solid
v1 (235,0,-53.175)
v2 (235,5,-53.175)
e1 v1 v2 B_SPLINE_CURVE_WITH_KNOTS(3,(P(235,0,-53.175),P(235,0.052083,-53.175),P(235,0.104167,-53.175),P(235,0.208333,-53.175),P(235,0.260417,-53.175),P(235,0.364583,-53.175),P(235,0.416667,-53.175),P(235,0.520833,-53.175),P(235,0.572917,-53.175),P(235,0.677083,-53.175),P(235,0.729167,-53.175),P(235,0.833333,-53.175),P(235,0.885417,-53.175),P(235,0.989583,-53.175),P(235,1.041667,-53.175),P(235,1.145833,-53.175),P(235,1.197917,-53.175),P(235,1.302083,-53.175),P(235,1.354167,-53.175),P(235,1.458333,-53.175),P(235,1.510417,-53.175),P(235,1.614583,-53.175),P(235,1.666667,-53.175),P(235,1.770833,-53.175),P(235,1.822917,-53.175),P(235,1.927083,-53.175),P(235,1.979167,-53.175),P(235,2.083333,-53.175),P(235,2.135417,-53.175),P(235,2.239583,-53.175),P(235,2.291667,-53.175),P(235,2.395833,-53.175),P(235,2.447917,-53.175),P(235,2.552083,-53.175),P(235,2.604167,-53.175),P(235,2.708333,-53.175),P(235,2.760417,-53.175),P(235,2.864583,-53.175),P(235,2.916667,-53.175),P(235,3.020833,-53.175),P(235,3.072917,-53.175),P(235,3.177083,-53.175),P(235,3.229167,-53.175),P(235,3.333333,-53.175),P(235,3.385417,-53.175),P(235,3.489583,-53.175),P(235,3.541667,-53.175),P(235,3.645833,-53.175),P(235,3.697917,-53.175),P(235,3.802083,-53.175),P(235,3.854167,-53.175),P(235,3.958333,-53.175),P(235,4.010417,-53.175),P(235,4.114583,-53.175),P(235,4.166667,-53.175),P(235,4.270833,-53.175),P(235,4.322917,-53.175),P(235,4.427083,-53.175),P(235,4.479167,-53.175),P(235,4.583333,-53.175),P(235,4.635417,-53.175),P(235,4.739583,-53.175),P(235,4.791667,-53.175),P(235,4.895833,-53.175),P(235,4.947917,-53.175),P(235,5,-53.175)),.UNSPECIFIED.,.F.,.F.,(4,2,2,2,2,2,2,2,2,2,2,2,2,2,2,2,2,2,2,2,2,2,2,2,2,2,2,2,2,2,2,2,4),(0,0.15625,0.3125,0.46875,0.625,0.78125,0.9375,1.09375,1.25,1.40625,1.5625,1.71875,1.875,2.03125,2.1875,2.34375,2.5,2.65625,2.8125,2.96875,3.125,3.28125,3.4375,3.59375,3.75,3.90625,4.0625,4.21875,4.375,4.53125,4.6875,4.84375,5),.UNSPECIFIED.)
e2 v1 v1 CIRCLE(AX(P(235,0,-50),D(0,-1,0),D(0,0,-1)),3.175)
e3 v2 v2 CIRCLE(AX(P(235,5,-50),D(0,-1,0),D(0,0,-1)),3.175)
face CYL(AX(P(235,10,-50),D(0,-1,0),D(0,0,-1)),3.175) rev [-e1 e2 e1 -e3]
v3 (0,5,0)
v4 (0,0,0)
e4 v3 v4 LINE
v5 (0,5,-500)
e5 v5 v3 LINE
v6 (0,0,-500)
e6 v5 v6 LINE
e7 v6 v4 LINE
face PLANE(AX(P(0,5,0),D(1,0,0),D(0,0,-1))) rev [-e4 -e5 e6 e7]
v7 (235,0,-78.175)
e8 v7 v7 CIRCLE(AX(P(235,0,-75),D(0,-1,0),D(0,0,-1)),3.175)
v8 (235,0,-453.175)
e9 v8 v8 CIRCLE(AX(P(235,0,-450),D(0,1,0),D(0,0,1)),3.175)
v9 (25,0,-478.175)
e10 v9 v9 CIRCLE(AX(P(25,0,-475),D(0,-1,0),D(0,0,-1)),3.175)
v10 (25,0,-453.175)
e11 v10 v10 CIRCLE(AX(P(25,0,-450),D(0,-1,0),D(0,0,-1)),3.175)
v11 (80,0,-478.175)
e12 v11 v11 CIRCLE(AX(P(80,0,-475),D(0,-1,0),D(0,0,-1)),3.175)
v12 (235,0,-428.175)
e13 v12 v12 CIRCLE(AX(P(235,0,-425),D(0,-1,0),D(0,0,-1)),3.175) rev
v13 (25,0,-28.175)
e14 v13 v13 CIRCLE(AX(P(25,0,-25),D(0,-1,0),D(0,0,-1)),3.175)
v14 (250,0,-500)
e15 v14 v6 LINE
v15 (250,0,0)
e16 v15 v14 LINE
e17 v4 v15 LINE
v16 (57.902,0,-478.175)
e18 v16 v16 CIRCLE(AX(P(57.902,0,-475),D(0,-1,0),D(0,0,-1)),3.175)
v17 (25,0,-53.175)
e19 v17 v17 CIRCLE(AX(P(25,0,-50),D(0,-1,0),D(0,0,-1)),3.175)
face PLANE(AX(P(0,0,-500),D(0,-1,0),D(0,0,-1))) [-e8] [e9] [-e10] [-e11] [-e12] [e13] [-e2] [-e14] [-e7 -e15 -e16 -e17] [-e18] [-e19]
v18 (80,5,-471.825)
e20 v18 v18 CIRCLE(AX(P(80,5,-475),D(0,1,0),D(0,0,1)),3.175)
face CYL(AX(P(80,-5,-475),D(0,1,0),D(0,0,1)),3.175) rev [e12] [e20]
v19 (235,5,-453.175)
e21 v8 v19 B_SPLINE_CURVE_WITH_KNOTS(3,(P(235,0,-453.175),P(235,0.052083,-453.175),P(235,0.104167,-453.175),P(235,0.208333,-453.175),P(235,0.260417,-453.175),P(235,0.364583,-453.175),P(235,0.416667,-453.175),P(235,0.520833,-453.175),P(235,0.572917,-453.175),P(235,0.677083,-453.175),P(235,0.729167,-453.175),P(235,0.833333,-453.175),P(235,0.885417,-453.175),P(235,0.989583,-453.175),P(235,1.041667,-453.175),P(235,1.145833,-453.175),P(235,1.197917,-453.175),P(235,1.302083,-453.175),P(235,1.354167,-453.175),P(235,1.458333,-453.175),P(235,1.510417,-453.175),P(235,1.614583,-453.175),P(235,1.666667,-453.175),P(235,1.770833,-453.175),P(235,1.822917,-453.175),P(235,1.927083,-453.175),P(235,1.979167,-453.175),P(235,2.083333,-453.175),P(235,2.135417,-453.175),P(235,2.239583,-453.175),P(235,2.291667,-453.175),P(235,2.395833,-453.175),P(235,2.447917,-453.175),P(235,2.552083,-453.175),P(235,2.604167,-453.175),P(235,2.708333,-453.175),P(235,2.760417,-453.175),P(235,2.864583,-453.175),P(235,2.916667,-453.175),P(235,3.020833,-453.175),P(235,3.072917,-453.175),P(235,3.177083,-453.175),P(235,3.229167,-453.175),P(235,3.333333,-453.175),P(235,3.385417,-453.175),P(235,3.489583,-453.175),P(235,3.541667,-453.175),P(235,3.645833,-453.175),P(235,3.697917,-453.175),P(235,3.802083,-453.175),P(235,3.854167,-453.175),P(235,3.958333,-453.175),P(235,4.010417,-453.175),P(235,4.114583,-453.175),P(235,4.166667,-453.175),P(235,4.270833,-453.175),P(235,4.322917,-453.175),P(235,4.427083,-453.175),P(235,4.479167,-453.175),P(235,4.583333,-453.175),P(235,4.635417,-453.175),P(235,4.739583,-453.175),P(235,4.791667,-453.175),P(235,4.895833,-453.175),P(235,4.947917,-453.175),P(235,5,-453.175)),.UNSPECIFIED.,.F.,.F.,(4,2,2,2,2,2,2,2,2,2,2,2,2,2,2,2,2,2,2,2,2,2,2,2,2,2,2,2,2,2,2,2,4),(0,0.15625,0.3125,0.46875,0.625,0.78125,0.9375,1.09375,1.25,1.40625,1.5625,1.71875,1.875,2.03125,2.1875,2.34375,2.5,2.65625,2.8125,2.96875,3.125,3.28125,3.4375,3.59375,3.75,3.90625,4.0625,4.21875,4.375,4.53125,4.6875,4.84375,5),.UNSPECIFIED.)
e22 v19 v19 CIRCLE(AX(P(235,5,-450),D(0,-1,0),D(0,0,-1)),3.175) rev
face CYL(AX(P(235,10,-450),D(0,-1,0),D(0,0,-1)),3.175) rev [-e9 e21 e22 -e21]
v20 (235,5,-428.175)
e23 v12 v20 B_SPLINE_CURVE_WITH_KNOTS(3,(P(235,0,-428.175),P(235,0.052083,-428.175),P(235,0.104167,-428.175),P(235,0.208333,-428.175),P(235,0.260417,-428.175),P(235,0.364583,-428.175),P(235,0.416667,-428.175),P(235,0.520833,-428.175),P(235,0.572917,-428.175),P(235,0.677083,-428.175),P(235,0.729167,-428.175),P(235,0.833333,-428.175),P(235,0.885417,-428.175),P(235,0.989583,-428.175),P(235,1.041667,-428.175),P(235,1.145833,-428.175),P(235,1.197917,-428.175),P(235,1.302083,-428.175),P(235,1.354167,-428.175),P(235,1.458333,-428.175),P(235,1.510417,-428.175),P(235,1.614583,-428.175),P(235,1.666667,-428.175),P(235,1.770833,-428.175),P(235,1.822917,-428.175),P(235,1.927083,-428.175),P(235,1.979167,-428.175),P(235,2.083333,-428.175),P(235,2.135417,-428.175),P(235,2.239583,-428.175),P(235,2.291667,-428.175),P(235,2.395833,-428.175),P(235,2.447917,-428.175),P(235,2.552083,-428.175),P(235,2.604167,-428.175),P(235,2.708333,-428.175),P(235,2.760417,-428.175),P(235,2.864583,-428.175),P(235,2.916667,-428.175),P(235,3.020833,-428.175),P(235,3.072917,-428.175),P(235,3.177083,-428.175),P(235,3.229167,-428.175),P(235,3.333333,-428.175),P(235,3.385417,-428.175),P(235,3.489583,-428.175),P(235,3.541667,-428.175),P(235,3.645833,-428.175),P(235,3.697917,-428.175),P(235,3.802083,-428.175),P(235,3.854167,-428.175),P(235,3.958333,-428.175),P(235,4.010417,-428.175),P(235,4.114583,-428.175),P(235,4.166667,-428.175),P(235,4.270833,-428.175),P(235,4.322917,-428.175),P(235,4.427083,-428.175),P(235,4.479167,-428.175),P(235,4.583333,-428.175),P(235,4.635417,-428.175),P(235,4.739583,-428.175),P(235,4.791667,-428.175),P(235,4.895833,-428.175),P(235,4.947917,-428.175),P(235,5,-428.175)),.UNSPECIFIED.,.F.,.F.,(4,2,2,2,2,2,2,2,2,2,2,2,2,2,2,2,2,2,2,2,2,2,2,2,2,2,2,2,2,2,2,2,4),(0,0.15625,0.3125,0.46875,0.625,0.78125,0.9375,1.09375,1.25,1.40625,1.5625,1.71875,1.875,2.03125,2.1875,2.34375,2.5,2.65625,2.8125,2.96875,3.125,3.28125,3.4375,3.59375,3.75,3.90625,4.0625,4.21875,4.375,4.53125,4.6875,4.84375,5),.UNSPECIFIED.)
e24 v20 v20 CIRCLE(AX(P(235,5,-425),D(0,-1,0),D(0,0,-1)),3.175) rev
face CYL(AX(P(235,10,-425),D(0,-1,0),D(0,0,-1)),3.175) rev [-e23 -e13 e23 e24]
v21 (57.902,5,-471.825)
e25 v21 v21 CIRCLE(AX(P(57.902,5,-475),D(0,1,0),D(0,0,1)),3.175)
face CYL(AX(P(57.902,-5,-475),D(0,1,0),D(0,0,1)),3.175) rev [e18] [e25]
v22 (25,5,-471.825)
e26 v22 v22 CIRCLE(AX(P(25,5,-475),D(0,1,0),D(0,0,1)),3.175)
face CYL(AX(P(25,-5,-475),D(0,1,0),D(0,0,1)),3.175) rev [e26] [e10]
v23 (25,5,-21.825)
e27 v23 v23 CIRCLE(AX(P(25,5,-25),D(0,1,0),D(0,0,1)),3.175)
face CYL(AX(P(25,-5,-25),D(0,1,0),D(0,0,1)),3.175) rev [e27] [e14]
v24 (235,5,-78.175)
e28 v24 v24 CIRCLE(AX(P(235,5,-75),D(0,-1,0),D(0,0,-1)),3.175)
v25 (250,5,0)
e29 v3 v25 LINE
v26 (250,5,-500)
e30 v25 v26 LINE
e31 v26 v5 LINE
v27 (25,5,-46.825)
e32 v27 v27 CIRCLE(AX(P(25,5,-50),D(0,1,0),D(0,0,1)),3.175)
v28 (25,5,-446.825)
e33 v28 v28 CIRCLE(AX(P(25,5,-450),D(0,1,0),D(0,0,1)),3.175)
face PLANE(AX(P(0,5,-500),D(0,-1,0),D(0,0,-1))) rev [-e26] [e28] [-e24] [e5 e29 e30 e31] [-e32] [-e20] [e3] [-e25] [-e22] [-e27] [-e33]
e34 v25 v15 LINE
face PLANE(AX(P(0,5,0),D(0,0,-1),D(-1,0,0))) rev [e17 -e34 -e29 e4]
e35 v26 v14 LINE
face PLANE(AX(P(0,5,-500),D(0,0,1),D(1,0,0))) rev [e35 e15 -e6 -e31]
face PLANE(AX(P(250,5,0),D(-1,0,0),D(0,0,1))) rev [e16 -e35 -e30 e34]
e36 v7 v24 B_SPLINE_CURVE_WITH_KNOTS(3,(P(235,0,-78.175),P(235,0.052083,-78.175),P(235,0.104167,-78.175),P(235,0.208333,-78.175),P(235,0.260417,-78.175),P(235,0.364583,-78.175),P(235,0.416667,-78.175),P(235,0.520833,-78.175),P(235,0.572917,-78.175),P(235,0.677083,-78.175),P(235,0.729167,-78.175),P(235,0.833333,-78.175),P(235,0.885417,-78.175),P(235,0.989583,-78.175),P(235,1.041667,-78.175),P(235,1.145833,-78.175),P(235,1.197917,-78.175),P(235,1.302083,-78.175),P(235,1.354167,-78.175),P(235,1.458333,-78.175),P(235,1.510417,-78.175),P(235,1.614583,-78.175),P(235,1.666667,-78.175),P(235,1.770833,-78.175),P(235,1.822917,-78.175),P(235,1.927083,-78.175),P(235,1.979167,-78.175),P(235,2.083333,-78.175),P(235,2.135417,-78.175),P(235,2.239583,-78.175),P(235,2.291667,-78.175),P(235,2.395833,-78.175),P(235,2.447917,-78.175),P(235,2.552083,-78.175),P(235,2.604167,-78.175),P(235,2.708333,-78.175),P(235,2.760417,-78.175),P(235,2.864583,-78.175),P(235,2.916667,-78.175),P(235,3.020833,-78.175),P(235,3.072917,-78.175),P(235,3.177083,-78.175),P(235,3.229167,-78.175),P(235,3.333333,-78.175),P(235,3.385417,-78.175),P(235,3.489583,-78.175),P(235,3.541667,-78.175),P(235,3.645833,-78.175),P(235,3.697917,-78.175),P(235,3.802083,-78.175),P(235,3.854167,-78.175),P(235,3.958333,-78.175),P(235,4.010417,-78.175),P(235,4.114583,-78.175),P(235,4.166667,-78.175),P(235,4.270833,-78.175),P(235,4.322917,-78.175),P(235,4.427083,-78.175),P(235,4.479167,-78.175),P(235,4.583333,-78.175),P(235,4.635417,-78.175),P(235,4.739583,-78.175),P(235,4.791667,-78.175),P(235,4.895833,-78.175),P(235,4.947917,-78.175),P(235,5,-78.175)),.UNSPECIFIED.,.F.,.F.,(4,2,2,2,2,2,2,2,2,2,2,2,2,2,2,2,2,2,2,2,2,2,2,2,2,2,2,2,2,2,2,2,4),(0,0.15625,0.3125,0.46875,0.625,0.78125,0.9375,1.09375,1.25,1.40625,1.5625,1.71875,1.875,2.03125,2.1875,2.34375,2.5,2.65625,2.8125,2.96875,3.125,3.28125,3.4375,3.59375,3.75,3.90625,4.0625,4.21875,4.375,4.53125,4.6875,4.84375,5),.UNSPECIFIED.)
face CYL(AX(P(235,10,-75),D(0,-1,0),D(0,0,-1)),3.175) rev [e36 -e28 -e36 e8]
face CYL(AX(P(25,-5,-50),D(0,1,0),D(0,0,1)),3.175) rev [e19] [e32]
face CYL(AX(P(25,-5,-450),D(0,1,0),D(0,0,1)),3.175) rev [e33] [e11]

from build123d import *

# Parameters (mm, degrees)
SKETCH1_W           = 250
SKETCH1_H           = 500
BOSS_EXTRUDE1_DEPTH = 5
SKETCH2_R           = 3.175
CUT_EXTRUDE1_DEPTH  = 10
SKETCH4_R           = 3.175
CUT_EXTRUDE3_DEPTH  = 10
SKETCH5_R           = 3.175
CUT_EXTRUDE4_DEPTH  = 10


with BuildPart() as part:
    # Sketch1 → Boss-Extrude1 (new body)
    with BuildSketch(Plane(origin=(0, 0, 0), x_dir=(1, 0, 0), z_dir=(0, 1, 0))):
        with Locations((125, 250)):
            Rectangle(SKETCH1_W, SKETCH1_H)
    extrude(amount=BOSS_EXTRUDE1_DEPTH)

    # Sketch2 → Cut-Extrude1 (cut)
    with BuildSketch(Plane(origin=(0, 5, 0), x_dir=(1, 0, 0), z_dir=(0, 1, 0))):
        with Locations(Location((25, 25, 0), (0, 0, 270))):
            Circle(SKETCH2_R)
        with Locations(Location((25, 50, 0), (0, 0, 270))):
            Circle(SKETCH2_R)
        with Locations(Location((25, 475, 0), (0, 0, 270))):
            Circle(SKETCH2_R)
        with Locations(Location((25, 450, 0), (0, 0, 270))):
            Circle(SKETCH2_R)
    extrude(amount=-CUT_EXTRUDE1_DEPTH, mode=Mode.SUBTRACT)

    # Sketch4 → Cut-Extrude3 (cut)
    with BuildSketch(Plane.XZ):
        with Locations(Location((235, -425, 0), (0, 0, 270))):
            Circle(SKETCH4_R)
        with Locations(Location((235, -50, 0), (0, 0, 270))):
            Circle(SKETCH4_R)
        with Locations(Location((235, -75, 0), (0, 0, 270))):
            Circle(SKETCH4_R)
        with Locations(Location((235, -450, 0), (0, 0, 270))):
            Circle(SKETCH4_R)
    extrude(amount=-CUT_EXTRUDE3_DEPTH, mode=Mode.SUBTRACT)

    # Sketch5 → Cut-Extrude4 (cut)
    with BuildSketch(Plane(origin=(0, 5, 0), x_dir=(1, 0, 0), z_dir=(0, 1, 0))):
        with Locations(Location((80, 475, 0), (0, 0, 270))):
            Circle(SKETCH5_R)
        with Locations(Location((57.902, 475, 0), (0, 0, 270))):
            Circle(SKETCH5_R)
    extrude(amount=-CUT_EXTRUDE4_DEPTH, mode=Mode.SUBTRACT)


solid = part.part
